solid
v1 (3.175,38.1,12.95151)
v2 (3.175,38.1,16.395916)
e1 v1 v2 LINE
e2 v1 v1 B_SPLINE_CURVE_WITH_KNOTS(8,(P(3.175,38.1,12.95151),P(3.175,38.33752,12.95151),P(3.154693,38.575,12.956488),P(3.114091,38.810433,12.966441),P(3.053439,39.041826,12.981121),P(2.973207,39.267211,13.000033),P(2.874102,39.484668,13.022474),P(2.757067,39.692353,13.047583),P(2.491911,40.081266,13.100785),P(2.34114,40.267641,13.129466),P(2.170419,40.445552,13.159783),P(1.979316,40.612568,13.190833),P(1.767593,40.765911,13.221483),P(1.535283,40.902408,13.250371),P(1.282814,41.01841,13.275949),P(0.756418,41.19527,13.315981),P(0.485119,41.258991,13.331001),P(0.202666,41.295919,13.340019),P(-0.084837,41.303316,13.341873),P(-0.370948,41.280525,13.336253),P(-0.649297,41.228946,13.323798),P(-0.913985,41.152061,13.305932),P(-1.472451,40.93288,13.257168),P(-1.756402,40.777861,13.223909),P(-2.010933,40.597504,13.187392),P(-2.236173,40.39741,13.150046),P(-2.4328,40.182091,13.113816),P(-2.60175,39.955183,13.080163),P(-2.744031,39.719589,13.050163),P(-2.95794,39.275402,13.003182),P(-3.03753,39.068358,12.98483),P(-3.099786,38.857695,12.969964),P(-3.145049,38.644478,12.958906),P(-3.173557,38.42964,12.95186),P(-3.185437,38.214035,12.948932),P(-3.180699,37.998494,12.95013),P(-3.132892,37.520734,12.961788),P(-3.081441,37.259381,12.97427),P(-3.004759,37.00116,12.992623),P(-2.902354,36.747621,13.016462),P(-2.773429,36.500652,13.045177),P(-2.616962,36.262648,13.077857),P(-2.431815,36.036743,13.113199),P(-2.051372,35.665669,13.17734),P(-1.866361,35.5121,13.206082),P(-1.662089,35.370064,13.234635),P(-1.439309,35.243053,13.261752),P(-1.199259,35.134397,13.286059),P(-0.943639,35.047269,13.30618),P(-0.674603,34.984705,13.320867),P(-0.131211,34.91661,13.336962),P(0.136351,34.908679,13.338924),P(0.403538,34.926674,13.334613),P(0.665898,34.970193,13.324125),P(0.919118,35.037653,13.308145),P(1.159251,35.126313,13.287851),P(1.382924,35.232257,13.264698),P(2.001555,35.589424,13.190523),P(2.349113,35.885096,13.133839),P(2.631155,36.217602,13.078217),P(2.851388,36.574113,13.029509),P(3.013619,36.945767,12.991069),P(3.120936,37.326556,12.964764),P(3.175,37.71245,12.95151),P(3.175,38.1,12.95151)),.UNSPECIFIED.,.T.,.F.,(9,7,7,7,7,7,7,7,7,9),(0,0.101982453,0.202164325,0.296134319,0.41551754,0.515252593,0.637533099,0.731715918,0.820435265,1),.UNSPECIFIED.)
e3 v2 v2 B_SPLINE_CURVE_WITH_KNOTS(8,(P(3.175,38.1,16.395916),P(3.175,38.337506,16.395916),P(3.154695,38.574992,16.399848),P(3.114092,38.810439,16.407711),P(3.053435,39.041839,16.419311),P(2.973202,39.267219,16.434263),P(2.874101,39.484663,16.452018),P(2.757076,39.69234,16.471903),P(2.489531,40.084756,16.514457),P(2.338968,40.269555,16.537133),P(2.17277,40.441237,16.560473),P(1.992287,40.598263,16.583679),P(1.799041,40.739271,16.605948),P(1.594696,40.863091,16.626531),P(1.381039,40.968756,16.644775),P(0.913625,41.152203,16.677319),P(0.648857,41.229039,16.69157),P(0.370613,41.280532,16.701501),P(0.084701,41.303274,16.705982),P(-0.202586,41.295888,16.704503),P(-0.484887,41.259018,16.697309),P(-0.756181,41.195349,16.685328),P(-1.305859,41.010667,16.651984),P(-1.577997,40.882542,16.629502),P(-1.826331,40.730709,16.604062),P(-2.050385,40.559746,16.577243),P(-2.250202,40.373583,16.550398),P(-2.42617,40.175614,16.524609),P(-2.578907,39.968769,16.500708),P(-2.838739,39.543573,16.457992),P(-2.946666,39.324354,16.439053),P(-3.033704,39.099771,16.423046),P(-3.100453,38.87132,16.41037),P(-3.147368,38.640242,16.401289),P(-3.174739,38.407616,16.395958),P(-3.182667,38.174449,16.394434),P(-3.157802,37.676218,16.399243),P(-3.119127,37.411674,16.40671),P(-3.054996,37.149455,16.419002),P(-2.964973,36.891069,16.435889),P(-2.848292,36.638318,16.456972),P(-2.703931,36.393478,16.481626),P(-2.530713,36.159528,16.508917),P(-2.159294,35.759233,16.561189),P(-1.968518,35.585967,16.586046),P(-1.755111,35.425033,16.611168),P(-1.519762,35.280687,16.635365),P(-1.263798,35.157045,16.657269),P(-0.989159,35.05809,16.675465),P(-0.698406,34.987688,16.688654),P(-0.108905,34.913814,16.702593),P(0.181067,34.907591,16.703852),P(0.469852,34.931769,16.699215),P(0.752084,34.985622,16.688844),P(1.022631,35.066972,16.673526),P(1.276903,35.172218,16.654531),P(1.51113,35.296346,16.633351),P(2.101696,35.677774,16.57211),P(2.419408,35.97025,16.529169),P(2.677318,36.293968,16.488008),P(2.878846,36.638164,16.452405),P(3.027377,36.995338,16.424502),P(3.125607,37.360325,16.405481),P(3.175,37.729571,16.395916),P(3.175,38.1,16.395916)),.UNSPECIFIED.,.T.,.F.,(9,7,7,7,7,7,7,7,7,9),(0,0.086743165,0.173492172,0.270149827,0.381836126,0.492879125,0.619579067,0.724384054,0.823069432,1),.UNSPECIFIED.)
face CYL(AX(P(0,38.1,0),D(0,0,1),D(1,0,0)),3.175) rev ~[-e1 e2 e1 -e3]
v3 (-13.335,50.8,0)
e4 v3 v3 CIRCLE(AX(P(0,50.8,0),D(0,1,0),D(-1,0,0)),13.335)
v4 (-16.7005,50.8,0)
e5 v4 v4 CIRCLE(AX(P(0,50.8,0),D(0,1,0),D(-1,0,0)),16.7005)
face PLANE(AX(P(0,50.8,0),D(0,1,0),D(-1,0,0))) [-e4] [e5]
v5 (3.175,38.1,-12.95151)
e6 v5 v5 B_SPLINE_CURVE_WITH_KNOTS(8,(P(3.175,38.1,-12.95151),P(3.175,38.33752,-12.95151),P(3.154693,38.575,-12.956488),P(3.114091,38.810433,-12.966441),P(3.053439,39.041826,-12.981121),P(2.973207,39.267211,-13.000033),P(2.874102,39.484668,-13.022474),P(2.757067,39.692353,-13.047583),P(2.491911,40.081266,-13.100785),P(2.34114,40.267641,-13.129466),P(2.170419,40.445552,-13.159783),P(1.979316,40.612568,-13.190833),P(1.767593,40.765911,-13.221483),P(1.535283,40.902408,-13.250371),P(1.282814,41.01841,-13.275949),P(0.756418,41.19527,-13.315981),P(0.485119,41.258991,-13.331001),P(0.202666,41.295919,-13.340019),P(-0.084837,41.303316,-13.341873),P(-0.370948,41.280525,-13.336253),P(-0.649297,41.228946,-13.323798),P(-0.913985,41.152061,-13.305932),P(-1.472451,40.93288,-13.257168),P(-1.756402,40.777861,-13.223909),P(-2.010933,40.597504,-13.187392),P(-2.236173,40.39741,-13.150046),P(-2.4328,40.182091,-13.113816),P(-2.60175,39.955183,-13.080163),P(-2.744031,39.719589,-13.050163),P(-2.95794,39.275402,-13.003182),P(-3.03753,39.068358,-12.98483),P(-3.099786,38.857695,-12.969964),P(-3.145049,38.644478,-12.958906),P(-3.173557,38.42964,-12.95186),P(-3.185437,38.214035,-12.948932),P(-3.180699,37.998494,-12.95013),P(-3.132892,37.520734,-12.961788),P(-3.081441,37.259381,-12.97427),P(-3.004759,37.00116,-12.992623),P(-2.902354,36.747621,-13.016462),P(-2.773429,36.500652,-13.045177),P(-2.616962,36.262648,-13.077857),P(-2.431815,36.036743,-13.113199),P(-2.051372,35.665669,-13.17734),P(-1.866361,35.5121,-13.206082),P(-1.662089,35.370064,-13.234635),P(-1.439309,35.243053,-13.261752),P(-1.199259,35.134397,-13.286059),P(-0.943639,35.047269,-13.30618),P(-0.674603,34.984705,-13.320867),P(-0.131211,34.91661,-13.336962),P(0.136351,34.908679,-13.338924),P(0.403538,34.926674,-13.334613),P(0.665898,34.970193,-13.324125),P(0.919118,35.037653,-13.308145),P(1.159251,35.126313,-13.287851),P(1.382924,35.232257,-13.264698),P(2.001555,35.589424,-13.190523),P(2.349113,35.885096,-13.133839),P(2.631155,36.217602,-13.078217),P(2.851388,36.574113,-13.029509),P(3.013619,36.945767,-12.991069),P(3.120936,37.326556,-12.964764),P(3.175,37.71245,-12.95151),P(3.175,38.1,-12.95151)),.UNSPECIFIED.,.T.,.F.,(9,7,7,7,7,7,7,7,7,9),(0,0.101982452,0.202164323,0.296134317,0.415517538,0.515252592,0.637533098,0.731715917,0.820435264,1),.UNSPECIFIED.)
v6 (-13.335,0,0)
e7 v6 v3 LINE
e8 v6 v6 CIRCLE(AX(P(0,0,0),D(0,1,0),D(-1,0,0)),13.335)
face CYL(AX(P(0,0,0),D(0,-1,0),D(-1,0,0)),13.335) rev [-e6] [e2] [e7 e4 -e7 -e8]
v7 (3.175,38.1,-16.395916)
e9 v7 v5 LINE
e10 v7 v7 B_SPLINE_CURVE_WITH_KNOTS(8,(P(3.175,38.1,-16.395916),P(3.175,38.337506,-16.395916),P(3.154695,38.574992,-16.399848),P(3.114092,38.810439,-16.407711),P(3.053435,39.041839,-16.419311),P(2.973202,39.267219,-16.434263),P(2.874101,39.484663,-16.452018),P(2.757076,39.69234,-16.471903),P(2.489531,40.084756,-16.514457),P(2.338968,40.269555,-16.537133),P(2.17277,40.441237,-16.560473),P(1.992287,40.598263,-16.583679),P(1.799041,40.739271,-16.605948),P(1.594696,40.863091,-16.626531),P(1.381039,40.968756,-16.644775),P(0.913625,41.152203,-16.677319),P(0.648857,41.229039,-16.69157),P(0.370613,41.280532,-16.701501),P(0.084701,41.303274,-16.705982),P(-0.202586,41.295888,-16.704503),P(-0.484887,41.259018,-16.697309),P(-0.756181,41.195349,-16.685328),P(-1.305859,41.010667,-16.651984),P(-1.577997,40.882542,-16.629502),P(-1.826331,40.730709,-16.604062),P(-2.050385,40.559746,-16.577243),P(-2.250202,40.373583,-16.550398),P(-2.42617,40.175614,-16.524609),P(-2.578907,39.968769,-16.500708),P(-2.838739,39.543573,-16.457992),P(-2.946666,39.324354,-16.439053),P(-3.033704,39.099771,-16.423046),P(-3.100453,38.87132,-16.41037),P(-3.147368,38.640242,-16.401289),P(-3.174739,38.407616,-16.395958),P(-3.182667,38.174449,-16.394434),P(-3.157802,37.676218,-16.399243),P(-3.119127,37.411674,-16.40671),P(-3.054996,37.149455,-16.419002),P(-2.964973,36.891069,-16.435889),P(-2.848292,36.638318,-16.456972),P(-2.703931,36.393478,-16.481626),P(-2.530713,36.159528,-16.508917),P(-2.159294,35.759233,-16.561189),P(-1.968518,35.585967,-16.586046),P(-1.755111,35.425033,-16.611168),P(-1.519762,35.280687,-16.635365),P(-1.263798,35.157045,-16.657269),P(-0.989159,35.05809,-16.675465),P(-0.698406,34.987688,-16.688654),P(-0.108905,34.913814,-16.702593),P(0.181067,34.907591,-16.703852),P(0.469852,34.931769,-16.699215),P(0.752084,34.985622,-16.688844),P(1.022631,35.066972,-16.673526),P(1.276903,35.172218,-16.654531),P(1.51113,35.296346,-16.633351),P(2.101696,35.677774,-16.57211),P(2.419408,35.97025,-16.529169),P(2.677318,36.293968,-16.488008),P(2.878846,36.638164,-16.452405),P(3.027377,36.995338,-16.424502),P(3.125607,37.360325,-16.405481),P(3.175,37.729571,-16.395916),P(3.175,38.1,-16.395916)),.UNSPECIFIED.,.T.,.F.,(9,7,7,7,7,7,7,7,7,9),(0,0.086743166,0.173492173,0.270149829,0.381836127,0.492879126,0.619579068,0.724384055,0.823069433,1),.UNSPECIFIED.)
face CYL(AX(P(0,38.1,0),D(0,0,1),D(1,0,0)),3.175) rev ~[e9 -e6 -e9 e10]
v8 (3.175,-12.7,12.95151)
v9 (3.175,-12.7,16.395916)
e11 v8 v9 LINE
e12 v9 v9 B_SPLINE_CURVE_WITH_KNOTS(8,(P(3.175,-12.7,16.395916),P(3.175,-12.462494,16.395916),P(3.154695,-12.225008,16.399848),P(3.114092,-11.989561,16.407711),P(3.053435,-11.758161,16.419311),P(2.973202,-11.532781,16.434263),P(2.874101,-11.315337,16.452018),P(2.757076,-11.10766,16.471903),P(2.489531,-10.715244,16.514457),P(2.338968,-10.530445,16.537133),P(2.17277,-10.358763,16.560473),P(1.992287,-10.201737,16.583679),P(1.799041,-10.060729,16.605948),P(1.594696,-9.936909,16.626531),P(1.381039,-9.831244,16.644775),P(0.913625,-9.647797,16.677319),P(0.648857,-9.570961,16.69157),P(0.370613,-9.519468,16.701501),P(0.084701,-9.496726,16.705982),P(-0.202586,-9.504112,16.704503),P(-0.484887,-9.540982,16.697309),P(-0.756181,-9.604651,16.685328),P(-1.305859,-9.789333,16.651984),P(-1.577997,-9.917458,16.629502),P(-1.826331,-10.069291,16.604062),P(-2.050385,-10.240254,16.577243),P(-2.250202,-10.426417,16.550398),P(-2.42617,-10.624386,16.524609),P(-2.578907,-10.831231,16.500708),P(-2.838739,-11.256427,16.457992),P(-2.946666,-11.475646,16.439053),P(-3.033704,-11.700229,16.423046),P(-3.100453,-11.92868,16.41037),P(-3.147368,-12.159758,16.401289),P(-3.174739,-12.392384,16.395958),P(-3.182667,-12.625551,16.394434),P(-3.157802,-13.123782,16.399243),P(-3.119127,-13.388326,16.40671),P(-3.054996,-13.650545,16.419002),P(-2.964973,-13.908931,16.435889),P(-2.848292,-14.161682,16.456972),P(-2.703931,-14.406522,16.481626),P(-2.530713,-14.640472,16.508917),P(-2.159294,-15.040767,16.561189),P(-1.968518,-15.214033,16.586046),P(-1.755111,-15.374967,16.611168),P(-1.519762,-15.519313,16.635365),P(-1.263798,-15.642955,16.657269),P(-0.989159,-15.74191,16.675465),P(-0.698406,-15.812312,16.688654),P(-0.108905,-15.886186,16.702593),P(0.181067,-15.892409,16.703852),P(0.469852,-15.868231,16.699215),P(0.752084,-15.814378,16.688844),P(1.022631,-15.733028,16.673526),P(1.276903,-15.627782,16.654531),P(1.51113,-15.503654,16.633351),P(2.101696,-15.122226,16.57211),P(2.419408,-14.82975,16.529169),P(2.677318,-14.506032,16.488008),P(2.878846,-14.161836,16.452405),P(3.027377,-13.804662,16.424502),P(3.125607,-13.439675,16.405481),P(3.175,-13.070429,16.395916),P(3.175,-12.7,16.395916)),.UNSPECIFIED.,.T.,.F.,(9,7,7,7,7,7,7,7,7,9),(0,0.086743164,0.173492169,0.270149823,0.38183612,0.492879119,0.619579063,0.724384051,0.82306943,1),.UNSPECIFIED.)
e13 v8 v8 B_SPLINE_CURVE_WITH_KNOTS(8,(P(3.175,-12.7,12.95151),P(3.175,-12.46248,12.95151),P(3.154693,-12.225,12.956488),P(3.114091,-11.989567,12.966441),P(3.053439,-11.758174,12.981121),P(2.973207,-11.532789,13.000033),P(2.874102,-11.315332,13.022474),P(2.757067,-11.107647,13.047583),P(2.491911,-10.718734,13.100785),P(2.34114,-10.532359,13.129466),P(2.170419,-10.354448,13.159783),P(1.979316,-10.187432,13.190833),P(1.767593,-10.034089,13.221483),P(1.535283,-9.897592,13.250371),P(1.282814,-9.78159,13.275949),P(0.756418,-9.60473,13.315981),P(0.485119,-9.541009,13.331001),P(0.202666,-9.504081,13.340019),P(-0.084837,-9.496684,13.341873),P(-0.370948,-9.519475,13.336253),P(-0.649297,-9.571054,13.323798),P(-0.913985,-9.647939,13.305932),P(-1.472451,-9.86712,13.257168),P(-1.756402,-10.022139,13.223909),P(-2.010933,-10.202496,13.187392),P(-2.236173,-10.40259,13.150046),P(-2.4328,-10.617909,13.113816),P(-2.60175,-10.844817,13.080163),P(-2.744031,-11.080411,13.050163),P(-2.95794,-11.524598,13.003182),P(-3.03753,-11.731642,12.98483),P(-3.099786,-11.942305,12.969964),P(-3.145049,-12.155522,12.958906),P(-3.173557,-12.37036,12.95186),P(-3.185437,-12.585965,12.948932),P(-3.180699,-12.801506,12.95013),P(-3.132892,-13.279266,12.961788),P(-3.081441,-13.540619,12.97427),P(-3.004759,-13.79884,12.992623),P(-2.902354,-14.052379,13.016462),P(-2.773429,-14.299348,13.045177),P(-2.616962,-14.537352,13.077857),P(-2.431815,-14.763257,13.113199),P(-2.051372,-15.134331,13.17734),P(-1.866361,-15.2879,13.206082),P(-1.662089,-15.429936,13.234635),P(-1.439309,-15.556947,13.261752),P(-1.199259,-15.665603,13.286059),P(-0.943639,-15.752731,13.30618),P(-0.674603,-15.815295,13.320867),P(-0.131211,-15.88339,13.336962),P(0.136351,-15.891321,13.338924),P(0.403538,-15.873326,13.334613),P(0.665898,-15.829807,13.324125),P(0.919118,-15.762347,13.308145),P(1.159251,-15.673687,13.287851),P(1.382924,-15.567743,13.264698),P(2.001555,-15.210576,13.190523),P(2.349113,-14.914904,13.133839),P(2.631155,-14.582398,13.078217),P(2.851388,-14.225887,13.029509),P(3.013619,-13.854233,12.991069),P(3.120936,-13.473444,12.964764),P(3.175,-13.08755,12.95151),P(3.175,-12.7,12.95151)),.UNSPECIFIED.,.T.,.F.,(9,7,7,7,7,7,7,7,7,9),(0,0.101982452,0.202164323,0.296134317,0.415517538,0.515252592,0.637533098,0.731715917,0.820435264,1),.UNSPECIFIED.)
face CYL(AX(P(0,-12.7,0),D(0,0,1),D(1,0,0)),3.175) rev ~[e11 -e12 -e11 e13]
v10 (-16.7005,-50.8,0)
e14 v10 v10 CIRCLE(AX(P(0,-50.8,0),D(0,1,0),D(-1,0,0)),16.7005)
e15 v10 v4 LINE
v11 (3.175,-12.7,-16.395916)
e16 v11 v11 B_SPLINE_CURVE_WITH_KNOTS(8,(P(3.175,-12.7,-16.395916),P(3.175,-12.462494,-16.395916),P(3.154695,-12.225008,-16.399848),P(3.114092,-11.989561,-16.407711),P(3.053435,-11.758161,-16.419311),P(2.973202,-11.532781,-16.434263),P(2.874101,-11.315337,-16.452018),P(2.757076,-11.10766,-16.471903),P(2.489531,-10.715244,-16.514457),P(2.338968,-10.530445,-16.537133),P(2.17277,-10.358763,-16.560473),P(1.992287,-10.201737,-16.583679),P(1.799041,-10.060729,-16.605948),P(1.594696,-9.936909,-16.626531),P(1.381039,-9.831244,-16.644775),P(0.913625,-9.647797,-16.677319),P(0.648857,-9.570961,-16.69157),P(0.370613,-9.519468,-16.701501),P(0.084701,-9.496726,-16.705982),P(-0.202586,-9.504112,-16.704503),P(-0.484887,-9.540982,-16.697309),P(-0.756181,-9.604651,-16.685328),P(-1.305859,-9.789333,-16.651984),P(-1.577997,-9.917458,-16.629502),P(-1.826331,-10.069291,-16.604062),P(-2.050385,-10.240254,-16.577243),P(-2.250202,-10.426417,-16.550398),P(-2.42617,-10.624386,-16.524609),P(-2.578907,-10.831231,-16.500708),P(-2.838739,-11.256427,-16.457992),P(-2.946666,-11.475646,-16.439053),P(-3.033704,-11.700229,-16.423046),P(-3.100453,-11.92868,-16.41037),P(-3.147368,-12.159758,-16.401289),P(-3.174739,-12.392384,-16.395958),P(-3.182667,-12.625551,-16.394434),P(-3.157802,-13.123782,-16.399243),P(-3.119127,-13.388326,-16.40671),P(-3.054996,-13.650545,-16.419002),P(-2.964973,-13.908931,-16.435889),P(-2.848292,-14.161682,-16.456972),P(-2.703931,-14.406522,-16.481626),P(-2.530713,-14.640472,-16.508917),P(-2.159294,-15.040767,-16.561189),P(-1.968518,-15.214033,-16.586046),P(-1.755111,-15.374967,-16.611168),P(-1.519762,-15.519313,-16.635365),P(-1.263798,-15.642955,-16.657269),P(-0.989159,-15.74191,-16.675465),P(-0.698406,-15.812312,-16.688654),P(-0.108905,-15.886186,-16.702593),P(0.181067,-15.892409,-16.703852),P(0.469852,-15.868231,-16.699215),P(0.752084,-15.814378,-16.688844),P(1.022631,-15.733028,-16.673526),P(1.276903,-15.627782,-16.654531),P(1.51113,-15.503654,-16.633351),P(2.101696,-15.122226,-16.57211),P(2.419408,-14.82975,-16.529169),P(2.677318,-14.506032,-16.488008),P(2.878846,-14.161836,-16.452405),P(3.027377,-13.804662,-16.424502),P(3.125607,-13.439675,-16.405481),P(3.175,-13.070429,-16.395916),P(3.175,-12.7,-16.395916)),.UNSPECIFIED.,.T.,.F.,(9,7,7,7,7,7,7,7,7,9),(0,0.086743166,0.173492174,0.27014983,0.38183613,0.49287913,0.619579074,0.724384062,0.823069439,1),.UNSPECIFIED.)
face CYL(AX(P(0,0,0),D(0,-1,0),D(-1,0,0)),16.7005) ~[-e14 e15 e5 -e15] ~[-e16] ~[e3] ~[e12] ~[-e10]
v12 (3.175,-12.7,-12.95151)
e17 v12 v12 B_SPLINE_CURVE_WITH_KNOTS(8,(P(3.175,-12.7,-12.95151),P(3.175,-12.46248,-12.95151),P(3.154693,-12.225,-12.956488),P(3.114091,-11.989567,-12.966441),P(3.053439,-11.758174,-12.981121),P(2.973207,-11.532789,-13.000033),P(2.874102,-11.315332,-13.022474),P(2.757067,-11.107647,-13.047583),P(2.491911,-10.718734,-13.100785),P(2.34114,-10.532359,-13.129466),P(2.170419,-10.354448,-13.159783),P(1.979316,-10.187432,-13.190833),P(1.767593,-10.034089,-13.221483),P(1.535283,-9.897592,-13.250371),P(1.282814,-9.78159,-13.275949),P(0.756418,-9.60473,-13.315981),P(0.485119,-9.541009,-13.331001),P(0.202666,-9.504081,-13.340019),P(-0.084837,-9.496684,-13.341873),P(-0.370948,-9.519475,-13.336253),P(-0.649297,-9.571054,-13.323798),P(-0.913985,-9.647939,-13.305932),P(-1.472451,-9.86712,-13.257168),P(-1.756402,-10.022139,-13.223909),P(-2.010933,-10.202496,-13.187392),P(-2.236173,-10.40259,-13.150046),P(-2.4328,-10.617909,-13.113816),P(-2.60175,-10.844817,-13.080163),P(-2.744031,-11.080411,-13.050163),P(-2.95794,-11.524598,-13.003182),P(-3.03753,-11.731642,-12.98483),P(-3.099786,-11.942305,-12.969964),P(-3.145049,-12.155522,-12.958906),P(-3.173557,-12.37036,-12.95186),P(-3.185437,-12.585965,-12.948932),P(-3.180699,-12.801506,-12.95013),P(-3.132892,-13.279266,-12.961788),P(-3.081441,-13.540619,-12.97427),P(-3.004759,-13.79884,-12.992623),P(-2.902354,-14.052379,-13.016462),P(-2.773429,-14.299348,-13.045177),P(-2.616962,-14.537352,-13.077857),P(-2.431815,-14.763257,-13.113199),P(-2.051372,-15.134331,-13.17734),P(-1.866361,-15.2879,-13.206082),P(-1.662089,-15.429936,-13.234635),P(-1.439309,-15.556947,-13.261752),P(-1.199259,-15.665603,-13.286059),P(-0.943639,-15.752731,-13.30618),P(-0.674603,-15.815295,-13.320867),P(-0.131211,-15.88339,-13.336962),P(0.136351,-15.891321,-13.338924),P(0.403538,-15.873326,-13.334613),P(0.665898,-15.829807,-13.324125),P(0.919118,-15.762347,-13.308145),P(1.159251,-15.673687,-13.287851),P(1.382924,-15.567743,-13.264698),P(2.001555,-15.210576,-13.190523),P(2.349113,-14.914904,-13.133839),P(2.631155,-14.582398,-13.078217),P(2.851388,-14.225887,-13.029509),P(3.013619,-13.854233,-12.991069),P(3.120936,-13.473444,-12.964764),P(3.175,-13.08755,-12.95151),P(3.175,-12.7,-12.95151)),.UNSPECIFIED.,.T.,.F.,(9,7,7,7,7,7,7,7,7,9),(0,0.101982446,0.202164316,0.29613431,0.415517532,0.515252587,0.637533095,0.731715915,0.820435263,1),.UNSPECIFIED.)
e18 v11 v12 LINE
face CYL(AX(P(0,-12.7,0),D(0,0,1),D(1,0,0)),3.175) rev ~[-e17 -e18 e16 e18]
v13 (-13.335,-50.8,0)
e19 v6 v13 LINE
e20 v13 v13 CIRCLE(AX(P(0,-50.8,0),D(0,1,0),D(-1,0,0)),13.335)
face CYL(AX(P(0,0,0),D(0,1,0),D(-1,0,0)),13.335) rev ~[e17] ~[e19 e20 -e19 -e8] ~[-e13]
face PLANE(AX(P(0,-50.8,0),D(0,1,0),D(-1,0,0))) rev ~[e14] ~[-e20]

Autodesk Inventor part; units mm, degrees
ref_plane "YZ Plane" through (0, 0, 0) normal (1, 0, 0) x (0, 1, 0)
ref_plane "XZ Plane" through (0, 0, 0) normal (0, 1, 0) x (-1, 0, 0)
ref_plane "XY Plane" through (0, 0, 0) normal (0, 0, 1) x (1, 0, 0)
sketch "Sketch1" plane through (0, 0, 0) normal (0, 1, 0) x (-1, 0, 0)
  circle A0 centre (0, 0) radius 16.7005
  circle A1 centre (0, 0) radius 13.335
  dimension "d0" = 33.401
  dimension "d1" = 26.67
extrude "Extrusion1" add sketch "Sketch1" along normal mid plane 101.6
sketch "Sketch3" plane through (0, 0, 0) normal (0, 0, 1) x (1, 0, 0)
  circle A0 centre (0, 38.1) radius 3.175
  circle A1 centre (0, -12.7) radius 3.175
  line L0 (16.7005, 50.8) -> (-16.7005, 50.8) projected
  point P0 (0, 0)
  dimension "d10" = 12.7
  dimension "d12" = 6.35
  dimension "d15" = 50.8
extrude "Extrusion3" cut sketch "Sketch3" against normal through all both and the other way through all
properties part number "FE-130-003 Insert" material "Aluminum 6061"
